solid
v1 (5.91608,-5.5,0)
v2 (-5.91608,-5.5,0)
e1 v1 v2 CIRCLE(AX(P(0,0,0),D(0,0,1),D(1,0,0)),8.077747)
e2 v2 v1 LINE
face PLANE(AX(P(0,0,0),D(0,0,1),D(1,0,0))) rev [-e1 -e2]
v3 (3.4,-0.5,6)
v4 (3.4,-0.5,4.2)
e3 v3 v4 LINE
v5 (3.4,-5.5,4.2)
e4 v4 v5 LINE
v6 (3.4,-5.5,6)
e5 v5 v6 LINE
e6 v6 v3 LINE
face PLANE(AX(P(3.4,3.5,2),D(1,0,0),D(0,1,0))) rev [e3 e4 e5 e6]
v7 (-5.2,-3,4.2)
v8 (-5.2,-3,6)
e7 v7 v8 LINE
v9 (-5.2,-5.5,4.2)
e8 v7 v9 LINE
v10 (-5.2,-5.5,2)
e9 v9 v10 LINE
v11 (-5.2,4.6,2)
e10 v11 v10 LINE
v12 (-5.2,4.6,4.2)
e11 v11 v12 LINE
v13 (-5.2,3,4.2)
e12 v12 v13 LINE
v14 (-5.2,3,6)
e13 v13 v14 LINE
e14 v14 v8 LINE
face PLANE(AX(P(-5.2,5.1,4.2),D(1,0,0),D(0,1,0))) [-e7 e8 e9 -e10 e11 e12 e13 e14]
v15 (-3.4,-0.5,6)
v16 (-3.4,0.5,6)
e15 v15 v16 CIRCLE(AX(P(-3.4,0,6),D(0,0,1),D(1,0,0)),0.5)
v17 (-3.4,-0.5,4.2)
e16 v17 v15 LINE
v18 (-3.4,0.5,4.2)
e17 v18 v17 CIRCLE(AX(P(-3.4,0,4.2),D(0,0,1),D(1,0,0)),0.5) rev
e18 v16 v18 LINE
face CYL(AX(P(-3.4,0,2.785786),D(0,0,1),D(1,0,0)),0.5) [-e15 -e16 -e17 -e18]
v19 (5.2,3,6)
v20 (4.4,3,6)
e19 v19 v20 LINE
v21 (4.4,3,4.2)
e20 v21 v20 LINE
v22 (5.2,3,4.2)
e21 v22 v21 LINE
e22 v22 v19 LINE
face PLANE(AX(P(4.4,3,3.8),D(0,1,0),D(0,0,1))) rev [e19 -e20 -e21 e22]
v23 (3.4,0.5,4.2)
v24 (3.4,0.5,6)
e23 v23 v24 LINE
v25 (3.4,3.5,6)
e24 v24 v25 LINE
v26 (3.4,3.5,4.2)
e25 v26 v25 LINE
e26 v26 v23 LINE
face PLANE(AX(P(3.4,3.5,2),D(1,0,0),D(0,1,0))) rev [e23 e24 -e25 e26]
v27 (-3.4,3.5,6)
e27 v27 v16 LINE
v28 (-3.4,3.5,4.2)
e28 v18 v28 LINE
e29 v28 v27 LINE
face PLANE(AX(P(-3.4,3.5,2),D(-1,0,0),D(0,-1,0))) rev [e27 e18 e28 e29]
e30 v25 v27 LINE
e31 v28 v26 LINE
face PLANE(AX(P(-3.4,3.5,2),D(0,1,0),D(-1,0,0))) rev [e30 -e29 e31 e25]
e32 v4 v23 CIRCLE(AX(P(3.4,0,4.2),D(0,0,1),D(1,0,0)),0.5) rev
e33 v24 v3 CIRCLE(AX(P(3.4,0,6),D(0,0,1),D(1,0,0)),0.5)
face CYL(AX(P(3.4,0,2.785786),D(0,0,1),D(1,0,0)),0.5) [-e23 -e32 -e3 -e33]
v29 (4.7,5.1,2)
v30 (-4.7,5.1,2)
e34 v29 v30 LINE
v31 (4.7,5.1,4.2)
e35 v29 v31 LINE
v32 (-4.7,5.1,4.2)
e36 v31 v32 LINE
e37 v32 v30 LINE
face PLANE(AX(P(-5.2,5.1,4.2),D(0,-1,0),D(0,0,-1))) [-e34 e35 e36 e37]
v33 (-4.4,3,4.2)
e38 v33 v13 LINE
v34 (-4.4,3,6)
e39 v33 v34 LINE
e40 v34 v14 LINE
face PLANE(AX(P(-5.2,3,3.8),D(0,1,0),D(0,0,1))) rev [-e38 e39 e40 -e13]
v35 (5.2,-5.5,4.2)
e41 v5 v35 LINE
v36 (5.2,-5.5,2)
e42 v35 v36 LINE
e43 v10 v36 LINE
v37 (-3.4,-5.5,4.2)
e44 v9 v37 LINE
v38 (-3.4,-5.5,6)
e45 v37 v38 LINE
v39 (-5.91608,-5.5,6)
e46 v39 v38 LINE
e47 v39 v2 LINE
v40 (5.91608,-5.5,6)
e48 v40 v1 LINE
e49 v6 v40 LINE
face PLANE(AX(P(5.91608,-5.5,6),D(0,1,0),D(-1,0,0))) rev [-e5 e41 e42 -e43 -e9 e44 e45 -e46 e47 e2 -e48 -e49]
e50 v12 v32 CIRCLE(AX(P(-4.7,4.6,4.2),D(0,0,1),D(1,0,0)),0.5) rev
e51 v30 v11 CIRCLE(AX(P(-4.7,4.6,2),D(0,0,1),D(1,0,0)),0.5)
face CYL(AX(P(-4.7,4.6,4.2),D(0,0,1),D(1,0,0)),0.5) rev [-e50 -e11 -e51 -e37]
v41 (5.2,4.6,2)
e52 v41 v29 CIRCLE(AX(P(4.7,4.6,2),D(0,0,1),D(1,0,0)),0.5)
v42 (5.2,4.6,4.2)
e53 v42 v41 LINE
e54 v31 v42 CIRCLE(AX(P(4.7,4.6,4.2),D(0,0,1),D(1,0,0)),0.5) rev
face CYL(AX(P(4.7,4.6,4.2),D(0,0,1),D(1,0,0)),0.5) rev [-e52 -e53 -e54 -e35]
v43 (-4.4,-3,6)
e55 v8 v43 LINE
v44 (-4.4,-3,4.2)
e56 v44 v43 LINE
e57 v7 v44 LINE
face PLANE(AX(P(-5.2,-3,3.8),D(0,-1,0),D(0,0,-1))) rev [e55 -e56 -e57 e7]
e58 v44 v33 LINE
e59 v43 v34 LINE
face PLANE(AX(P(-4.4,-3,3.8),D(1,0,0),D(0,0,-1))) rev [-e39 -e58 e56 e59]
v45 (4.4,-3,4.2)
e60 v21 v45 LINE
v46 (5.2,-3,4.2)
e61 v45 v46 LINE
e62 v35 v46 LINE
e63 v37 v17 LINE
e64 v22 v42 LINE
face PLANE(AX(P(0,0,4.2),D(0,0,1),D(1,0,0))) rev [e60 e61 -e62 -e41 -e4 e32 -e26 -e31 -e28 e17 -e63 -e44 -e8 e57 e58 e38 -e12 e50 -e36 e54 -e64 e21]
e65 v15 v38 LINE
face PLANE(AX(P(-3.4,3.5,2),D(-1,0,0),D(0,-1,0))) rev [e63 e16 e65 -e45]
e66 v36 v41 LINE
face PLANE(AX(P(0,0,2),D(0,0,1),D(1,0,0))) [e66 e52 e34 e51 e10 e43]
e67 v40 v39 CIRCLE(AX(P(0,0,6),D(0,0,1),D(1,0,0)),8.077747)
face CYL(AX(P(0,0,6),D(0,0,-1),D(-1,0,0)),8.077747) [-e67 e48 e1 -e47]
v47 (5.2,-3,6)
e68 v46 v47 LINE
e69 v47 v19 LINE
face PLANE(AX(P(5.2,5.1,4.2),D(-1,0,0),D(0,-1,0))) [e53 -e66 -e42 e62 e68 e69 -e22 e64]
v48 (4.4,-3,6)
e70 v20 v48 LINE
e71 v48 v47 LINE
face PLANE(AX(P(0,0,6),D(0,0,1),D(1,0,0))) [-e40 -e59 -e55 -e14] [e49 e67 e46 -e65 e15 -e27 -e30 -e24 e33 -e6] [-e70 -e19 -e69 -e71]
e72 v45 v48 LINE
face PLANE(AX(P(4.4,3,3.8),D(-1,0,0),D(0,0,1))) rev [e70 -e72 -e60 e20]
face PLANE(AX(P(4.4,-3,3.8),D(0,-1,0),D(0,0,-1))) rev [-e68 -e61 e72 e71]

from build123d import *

# Parameters (mm, degrees)
BOSS_EXTRUDE1_DEPTH = 6
SKETCH2_W           = 6.8
SKETCH2_H           = 9
CUT_EXTRUDE1_DEPTH  = 4
SKETCH3_W           = 10.4
SKETCH3_H           = 10.6
CUT_EXTRUDE2_DEPTH  = 2.2
SKETCH4_W           = 0.8
SKETCH4_H           = 6
CUT_EXTRUDE3_DEPTH  = 2.2
SKETCH5_R           = 0.5
BOSS_EXTRUDE2_DEPTH = 1.8
FILLET1_R           = 0.5


with BuildPart() as part:
    # Sketch1 → Boss-Extrude1 (new body)
    with BuildSketch(Plane.XY):
        with BuildLine():
            Line((5.916079783, -5.5), (-5.916079783, -5.5))
            ThreePointArc((-5.916079783, -5.5), (0, 8.077747211), (5.916079783, -5.5))
        make_face()
    extrude(amount=BOSS_EXTRUDE1_DEPTH)

    # Sketch2 → Cut-Extrude1 (cut)
    with BuildSketch(Plane.XY.offset(6)):
        with Locations((0, -1)):
            Rectangle(SKETCH2_W, SKETCH2_H)
    extrude(amount=-CUT_EXTRUDE1_DEPTH, mode=Mode.SUBTRACT)

    # Sketch3 → Cut-Extrude2 (cut)
    with BuildSketch(Plane.XY.offset(2)):
        with Locations((0, -0.2)):
            Rectangle(SKETCH3_W, SKETCH3_H)
    extrude(amount=CUT_EXTRUDE2_DEPTH, mode=Mode.SUBTRACT)

    # Sketch4 → Cut-Extrude3 (cut)
    with BuildSketch(Plane.XY.offset(6)):
        with Locations((-4.8, 0)):
            Rectangle(SKETCH4_W, SKETCH4_H)
        with Locations((4.8, 0)):
            Rectangle(SKETCH4_W, SKETCH4_H)
    extrude(amount=-CUT_EXTRUDE3_DEPTH, mode=Mode.SUBTRACT)

    # Sketch5 → Boss-Extrude2 (add)
    with BuildSketch(Plane.XY.offset(6)):
        with Locations((-3.4, 0)):
            Circle(SKETCH5_R)
        with Locations((3.4, 0)):
            Circle(SKETCH5_R)
    extrude(amount=-BOSS_EXTRUDE2_DEPTH)

    # Fillet1
    fillet1_edges = [part.edges().sort_by_distance(p)[0] for p in [
        (-5.2, 5.1, 3.1),
        (5.2, 5.1, 3.1),
    ]]
    fillet(fillet1_edges, radius=FILLET1_R)


solid = part.part
